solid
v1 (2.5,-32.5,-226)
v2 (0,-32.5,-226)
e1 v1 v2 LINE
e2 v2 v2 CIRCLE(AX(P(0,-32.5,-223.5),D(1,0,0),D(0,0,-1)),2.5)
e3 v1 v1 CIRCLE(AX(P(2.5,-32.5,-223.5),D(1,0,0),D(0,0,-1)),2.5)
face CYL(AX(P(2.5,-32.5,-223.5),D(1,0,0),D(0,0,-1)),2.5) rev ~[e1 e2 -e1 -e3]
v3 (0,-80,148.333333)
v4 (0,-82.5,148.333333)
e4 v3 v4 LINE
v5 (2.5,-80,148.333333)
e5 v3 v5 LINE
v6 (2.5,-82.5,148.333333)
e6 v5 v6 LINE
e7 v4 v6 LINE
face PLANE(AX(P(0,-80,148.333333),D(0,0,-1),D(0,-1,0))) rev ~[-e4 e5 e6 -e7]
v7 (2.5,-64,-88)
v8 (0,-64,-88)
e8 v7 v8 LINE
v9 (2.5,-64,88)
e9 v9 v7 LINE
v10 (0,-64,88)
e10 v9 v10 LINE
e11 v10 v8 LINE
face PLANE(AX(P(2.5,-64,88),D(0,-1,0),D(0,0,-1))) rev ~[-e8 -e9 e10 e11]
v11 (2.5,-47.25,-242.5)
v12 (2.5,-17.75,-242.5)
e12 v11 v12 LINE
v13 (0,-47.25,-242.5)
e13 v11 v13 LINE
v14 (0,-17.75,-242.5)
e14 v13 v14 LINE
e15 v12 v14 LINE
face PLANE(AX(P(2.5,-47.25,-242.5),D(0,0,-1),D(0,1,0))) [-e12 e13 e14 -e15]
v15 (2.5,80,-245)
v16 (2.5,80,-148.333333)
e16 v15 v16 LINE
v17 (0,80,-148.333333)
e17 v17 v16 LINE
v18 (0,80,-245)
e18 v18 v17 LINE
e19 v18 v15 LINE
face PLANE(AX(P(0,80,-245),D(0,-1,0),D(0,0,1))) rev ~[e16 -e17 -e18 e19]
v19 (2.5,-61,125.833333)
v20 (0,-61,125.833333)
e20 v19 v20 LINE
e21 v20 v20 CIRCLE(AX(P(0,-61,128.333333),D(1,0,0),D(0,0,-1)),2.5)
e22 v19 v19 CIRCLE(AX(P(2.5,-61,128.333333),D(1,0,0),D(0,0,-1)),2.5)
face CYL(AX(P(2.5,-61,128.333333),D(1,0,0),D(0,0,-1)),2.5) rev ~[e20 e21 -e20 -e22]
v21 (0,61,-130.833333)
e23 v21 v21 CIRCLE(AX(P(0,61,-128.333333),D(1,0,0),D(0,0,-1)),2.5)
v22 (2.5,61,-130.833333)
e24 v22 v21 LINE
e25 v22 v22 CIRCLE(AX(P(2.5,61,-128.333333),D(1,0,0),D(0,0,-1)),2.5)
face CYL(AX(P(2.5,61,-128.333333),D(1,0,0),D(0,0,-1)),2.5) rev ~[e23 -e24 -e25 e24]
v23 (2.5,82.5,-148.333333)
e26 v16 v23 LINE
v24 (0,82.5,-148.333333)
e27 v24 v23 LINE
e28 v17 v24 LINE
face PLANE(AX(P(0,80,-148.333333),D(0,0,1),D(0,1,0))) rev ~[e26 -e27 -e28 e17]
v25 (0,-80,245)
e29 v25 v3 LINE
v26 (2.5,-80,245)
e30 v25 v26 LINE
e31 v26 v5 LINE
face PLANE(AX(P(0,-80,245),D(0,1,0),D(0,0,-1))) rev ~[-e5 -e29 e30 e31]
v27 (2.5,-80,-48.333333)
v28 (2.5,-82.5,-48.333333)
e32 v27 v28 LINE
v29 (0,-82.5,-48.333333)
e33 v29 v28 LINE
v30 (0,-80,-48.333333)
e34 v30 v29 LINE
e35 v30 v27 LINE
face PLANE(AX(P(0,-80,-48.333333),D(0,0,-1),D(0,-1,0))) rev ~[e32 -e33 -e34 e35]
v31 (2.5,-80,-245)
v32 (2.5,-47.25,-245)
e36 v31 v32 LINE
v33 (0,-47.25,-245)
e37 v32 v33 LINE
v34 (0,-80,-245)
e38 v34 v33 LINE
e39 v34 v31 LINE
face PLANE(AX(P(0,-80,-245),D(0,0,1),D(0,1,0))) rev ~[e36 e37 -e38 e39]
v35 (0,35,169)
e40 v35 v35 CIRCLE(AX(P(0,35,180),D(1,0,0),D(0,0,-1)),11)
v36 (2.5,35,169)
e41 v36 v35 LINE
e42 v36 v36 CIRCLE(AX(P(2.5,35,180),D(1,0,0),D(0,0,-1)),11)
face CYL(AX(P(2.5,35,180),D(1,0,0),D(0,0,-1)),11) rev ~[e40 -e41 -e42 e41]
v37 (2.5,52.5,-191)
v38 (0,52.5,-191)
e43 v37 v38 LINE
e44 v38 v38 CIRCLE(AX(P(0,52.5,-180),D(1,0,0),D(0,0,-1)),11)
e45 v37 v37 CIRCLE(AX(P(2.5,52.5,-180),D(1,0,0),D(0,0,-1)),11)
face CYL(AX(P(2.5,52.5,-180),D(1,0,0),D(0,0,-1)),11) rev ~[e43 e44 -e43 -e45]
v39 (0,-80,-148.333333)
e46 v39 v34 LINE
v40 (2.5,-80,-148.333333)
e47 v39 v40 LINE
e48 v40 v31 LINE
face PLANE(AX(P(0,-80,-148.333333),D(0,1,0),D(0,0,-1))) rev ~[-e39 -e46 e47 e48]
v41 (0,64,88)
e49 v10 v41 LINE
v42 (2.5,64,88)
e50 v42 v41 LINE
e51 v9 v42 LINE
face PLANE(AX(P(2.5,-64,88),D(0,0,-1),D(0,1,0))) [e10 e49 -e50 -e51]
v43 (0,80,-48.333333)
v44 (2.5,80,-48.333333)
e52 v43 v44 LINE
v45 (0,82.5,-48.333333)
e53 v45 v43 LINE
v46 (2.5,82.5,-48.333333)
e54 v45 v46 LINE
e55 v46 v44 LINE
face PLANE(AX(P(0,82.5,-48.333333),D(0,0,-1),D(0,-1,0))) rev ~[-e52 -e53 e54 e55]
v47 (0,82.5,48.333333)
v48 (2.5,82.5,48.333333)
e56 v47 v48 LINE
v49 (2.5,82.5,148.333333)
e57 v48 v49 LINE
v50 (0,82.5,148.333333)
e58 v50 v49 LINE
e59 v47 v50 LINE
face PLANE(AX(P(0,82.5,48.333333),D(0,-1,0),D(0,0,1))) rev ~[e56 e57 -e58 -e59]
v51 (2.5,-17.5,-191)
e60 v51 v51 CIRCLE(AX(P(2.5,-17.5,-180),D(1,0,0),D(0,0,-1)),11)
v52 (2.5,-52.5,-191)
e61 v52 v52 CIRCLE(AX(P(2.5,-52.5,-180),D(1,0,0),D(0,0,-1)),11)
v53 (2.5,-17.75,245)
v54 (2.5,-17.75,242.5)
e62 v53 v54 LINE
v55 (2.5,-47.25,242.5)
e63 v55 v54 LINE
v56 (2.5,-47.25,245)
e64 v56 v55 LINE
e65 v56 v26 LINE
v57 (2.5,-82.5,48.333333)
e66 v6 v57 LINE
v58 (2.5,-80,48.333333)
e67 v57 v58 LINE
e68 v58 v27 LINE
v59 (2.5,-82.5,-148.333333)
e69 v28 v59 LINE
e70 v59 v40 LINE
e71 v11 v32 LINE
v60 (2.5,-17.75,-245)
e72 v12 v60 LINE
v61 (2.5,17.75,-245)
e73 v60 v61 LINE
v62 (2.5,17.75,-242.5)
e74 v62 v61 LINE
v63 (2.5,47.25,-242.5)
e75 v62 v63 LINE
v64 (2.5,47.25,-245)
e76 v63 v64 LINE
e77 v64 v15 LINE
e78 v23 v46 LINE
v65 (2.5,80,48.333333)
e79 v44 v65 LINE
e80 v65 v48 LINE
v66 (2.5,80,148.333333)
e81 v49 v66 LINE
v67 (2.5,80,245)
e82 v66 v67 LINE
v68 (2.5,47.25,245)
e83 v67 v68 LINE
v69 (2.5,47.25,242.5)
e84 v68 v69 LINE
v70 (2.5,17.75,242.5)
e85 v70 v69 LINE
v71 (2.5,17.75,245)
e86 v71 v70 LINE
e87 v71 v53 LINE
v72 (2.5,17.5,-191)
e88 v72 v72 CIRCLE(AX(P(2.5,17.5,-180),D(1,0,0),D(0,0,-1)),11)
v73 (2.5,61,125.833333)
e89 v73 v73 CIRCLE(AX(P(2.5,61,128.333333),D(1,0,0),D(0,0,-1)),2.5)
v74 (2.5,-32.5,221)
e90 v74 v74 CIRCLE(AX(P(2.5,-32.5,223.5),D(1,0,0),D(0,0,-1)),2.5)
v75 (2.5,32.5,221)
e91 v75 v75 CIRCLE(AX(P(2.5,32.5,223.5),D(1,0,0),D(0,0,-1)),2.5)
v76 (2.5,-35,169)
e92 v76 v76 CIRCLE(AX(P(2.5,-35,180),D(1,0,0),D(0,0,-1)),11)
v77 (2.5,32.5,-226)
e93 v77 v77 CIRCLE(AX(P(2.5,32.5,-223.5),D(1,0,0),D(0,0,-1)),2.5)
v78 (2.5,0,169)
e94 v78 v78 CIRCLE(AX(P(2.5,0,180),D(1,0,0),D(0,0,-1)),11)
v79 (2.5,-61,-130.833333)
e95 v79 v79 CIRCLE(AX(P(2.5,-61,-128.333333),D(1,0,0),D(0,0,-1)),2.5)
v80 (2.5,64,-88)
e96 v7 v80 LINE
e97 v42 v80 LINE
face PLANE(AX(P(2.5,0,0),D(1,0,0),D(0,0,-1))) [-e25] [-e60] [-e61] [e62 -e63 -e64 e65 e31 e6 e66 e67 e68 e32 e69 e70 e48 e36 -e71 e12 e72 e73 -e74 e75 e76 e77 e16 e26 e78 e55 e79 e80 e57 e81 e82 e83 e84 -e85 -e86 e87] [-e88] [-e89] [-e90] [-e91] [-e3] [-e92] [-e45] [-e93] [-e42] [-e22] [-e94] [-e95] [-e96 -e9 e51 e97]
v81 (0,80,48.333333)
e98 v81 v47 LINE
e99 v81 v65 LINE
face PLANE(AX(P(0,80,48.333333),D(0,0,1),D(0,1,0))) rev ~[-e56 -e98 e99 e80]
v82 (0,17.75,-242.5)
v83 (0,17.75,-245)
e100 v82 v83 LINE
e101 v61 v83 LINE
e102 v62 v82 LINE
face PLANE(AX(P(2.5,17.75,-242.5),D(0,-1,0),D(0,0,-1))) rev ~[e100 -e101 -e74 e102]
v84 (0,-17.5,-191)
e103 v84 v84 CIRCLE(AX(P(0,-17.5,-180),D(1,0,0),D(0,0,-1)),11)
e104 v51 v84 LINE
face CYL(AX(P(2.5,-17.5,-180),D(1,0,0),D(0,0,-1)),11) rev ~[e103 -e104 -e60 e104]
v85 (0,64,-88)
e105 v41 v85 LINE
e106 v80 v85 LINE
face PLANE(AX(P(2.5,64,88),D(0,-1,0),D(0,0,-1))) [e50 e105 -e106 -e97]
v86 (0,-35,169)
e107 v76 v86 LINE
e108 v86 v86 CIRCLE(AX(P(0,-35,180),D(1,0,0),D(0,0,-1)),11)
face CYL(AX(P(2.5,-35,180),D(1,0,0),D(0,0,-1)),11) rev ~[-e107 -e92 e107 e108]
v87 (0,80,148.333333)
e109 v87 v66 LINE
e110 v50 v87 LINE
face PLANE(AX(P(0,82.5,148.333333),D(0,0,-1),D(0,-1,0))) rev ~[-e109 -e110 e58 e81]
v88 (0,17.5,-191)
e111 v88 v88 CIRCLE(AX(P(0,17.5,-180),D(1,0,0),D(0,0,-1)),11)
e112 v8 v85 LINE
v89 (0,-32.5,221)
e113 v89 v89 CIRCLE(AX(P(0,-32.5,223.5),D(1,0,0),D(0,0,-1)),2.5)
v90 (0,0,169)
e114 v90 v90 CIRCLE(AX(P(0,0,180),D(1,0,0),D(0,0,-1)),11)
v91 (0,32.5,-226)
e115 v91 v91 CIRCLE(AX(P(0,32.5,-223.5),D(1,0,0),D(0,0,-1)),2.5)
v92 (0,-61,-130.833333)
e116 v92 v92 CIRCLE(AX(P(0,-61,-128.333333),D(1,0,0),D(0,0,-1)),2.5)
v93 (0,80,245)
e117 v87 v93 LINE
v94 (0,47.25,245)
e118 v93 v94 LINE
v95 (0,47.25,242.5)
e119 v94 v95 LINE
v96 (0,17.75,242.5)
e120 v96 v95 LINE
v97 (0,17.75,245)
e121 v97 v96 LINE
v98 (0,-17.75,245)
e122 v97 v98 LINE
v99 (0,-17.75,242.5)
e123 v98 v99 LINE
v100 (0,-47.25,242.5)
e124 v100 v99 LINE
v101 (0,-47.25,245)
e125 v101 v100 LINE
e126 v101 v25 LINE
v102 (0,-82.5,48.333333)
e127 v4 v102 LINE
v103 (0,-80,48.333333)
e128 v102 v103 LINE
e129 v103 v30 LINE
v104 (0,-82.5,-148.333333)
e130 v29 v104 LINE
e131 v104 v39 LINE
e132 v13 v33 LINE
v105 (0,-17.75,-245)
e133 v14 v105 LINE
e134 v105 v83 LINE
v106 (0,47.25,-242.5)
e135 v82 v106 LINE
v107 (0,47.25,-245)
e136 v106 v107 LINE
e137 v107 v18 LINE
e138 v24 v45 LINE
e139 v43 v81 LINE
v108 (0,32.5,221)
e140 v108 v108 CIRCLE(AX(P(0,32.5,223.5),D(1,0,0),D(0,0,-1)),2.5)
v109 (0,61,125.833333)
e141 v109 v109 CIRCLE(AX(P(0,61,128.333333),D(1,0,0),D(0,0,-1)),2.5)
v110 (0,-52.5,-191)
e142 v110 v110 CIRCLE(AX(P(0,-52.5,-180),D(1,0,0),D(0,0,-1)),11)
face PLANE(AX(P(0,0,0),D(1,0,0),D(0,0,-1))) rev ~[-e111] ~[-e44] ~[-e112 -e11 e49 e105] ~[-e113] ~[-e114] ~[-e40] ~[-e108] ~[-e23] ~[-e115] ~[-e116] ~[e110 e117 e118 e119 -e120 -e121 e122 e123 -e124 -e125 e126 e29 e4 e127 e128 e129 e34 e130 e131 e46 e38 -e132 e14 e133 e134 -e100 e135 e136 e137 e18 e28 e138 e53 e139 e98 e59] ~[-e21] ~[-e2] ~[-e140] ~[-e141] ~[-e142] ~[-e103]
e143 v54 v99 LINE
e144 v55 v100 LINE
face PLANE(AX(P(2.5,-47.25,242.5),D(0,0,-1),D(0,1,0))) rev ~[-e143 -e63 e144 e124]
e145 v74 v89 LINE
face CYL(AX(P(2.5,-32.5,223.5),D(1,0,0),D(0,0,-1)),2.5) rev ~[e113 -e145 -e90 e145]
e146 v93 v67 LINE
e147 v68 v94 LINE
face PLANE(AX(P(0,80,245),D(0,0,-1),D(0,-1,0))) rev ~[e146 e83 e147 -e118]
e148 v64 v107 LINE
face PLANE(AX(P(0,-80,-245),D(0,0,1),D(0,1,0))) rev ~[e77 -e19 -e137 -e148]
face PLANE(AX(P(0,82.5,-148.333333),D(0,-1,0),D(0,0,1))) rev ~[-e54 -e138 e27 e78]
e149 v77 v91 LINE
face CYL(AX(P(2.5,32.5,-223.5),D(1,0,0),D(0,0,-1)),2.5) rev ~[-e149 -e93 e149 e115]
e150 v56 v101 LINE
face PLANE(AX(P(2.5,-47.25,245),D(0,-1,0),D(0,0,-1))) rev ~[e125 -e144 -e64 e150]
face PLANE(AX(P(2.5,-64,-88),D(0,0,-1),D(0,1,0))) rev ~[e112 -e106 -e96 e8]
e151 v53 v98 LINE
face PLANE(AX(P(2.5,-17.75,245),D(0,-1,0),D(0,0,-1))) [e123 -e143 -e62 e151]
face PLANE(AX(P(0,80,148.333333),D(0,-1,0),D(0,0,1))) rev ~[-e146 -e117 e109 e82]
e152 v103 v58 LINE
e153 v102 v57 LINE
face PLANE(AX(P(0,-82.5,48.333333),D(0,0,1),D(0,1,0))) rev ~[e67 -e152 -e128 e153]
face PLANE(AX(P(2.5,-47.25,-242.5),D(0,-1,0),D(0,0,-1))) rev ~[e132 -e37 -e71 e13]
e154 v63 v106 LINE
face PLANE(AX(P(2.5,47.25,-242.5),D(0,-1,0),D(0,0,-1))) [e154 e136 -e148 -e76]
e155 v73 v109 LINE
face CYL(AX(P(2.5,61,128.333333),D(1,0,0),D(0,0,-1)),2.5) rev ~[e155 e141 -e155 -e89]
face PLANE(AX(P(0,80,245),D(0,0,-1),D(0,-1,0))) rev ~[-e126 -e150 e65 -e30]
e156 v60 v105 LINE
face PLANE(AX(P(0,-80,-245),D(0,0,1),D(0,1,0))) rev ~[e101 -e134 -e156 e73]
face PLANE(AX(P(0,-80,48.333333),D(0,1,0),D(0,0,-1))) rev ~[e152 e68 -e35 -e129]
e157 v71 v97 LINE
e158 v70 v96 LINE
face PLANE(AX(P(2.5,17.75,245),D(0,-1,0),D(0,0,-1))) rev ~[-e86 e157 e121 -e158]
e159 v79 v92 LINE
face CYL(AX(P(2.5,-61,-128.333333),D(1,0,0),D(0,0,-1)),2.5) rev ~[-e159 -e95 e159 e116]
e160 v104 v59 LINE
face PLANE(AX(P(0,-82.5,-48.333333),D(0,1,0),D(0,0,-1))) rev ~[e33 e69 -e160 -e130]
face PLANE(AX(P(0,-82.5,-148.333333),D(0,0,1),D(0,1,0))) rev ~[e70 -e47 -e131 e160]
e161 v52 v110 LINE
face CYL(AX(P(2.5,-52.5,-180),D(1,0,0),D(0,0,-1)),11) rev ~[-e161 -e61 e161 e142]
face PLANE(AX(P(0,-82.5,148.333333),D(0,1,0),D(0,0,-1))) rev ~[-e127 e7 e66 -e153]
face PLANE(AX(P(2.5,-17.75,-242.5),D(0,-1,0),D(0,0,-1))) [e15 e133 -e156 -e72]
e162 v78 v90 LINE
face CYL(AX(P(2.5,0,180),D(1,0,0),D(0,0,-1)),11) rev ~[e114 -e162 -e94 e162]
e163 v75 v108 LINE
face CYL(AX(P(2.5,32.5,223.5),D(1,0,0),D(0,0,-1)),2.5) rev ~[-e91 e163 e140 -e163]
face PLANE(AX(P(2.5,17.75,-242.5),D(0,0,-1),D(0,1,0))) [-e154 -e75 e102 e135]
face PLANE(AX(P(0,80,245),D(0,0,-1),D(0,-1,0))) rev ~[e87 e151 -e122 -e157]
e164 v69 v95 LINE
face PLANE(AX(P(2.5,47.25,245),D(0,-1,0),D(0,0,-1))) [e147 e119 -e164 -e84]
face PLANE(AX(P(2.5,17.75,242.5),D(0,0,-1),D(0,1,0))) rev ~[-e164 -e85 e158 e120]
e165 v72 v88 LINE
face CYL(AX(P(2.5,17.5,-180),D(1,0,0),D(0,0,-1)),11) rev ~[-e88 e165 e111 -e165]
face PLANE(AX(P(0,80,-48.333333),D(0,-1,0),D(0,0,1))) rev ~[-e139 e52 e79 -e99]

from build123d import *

# Parameters (mm, degrees)
BOSS_EXTRUDE1_DEPTH = 2.5
SKETCH2_R           = 2.5
SKETCH2_R_2         = 11
SKETCH2_W           = 2.5
SKETCH2_H           = 29.5
SKETCH2_W_2         = 176
SKETCH2_H_2         = 128
CUT_EXTRUDE1_DEPTH  = 3


with BuildPart() as part:
    # Sketch1 → Boss-Extrude1 (new body)
    with BuildSketch(Plane(origin=(0, 0, 0), x_dir=(0, 0, -1), z_dir=(1, 0, 0))):
        Polygon((-245, -80), (-148.333333333, -80), (-148.333333333, -82.5), (-48.333333333, -82.5), (-48.333333333, -80), (48.333333333, -80), (48.333333333, -82.5), (148.333333333, -82.5), (148.333333333, -80), (245, -80), (245, 80), (148.333333333, 80), (148.333333333, 82.5), (48.333333333, 82.5), (48.333333333, 80), (-48.333333333, 80), (-48.333333333, 82.5), (-148.333333333, 82.5), (-148.333333333, 80), (-245, 80), align=None)
    extrude(amount=BOSS_EXTRUDE1_DEPTH)

    # Sketch2 → Cut-Extrude1 (cut)
    with BuildSketch(Plane(origin=(2.5, 0, 0), x_dir=(0, 0, -1), z_dir=(1, 0, 0))):
        with Locations((-128.333333333, 61)):
            Circle(SKETCH2_R)
        with Locations((128.333333333, 61)):
            Circle(SKETCH2_R)
        with Locations((128.333333333, -61)):
            Circle(SKETCH2_R)
        with Locations((-128.333333333, -61)):
            Circle(SKETCH2_R)
        with Locations((-223.5, 32.5)):
            Circle(SKETCH2_R)
        with Locations((-223.5, -32.5)):
            Circle(SKETCH2_R)
        with Locations((223.5, 32.5)):
            Circle(SKETCH2_R)
        with Locations((223.5, -32.5)):
            Circle(SKETCH2_R)
        with Locations((-180, 35)):
            Circle(SKETCH2_R_2)
        with Locations((-180, 0)):
            Circle(SKETCH2_R_2)
        with Locations((-180, -35)):
            Circle(SKETCH2_R_2)
        with Locations((180, 17.5)):
            Circle(SKETCH2_R_2)
        with Locations((180, 52.5)):
            Circle(SKETCH2_R_2)
        with Locations((180, -17.5)):
            Circle(SKETCH2_R_2)
        with Locations((180, -52.5)):
            Circle(SKETCH2_R_2)
        with Locations((-243.75, 32.5)):
            Rectangle(SKETCH2_W, SKETCH2_H)
        with Locations((-243.75, -32.5)):
            Rectangle(SKETCH2_W, SKETCH2_H)
        with Locations((243.75, -32.5)):
            Rectangle(SKETCH2_W, SKETCH2_H)
        with Locations((243.75, 32.5)):
            Rectangle(SKETCH2_W, SKETCH2_H)
        Rectangle(SKETCH2_W_2, SKETCH2_H_2)
    extrude(amount=-CUT_EXTRUDE1_DEPTH, mode=Mode.SUBTRACT)


solid = part.part
